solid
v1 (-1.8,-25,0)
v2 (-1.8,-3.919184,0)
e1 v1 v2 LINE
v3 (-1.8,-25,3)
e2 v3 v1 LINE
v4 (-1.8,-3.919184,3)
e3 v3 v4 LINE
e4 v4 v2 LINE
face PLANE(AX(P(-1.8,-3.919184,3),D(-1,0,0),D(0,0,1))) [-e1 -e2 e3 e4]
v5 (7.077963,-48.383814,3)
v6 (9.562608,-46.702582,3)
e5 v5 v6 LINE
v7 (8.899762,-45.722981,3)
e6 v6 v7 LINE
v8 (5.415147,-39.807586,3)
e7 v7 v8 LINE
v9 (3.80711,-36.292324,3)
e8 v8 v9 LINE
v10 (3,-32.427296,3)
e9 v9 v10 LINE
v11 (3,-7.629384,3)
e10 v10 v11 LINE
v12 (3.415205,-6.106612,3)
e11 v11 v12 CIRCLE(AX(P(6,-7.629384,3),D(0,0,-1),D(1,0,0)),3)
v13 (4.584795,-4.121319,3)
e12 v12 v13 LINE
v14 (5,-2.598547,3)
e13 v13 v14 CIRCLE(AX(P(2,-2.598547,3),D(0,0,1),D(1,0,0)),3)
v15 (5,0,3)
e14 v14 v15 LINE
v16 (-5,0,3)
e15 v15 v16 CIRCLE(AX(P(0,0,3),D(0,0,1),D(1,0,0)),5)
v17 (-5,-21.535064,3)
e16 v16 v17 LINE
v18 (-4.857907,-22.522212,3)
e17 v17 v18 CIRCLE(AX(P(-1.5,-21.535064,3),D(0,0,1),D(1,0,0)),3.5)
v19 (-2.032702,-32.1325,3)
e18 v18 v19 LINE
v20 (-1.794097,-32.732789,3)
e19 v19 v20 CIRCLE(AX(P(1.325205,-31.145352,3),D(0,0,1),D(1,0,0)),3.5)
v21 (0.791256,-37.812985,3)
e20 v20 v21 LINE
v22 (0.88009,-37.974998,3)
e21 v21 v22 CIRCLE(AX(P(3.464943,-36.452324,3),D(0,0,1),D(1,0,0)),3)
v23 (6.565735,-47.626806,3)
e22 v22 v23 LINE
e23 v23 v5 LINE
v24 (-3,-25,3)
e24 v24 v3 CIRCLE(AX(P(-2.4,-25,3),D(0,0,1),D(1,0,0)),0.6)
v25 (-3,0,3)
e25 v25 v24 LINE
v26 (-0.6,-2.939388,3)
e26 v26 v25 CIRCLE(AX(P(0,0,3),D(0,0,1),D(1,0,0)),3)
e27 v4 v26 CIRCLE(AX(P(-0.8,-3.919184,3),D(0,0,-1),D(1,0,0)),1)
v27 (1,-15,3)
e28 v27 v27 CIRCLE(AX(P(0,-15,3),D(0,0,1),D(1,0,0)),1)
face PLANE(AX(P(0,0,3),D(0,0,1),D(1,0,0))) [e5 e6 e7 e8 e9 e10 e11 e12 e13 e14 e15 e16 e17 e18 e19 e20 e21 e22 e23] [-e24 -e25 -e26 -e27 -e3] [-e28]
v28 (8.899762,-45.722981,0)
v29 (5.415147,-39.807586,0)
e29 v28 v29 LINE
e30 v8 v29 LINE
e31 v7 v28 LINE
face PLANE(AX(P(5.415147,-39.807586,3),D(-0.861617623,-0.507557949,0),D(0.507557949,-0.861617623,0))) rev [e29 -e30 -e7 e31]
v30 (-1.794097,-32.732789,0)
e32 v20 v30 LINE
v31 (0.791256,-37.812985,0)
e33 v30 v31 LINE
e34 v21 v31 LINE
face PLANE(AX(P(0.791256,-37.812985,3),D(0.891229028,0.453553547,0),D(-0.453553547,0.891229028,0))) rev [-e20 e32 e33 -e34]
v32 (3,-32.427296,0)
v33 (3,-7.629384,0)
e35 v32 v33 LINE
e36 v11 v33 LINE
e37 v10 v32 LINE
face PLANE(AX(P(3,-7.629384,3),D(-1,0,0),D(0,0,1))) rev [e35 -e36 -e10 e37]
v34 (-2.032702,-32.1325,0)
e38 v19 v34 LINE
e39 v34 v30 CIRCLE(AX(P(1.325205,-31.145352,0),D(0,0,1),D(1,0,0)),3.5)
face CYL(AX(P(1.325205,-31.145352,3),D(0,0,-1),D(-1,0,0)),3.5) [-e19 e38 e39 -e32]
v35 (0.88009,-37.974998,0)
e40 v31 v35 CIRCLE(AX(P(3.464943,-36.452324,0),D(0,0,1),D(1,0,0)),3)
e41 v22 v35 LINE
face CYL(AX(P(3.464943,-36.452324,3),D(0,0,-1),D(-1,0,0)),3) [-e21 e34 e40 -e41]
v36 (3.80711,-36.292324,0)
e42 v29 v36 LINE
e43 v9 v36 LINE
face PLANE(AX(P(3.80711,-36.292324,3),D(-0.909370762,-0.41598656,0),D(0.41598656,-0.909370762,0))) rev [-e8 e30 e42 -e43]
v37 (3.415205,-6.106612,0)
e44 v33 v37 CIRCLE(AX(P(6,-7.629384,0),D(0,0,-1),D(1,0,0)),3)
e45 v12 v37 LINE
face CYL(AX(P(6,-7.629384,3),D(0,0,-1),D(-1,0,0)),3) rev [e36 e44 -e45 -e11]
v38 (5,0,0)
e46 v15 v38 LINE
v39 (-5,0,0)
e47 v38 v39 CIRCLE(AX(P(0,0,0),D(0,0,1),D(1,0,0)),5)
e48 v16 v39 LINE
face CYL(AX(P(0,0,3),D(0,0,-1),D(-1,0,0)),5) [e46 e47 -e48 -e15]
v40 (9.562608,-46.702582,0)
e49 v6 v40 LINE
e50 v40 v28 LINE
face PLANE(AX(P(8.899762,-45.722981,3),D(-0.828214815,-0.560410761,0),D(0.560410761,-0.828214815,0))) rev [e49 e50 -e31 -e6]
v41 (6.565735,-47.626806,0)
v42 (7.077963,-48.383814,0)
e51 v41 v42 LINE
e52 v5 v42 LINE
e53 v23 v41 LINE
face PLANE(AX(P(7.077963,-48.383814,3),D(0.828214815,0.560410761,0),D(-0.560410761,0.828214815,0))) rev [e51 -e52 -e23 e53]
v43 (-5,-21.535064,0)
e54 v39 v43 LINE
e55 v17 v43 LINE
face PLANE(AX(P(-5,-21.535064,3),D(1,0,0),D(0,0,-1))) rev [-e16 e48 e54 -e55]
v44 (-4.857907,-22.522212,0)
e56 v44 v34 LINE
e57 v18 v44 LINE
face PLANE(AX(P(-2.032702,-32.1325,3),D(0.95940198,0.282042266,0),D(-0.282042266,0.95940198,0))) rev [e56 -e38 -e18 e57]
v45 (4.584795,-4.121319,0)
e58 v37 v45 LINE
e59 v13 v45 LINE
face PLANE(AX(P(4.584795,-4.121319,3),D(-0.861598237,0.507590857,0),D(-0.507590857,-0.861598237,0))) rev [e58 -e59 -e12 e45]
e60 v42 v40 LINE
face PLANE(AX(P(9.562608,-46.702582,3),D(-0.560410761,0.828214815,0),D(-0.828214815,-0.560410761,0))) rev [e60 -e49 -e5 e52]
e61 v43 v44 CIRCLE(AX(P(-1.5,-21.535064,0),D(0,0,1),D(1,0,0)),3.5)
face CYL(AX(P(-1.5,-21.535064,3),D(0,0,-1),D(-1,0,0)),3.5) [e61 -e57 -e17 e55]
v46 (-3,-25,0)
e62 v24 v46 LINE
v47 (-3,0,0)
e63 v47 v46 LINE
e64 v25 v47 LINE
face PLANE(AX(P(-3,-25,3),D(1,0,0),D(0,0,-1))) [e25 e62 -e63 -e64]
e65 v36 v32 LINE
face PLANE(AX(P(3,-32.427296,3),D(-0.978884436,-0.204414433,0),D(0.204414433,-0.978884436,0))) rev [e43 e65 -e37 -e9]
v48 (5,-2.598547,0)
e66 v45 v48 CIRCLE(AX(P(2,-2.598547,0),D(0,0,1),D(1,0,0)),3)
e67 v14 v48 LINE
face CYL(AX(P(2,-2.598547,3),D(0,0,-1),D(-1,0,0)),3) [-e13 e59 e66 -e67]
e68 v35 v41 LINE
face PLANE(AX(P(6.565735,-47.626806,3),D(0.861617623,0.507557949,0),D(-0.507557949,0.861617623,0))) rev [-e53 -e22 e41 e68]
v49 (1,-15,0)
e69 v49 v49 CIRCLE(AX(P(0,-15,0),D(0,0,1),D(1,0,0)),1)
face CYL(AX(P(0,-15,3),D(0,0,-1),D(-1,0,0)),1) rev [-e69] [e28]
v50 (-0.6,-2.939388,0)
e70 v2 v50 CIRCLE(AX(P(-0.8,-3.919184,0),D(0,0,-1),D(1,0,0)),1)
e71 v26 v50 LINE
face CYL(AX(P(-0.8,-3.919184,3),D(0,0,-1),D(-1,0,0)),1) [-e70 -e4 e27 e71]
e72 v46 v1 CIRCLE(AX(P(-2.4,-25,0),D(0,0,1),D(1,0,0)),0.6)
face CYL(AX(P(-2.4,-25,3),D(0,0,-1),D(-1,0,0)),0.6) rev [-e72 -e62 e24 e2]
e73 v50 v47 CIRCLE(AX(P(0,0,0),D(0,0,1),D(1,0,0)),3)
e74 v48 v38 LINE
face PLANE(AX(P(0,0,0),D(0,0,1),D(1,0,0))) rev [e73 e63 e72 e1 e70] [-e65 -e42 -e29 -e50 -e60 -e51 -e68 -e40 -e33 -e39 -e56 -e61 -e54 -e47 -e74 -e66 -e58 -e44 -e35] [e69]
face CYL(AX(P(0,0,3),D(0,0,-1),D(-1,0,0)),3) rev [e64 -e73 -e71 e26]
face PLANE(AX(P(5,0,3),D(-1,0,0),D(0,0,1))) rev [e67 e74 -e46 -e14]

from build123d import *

# Parameters (mm, degrees)
SKETCH_1_R      = 1
EXTRUDE_1_DEPTH = 3


with BuildPart() as part:
    # 草图1 → 凸台-拉伸1 (new body)
    with BuildSketch(Plane.XY):
        with BuildLine():
            Line((5, 0), (5, -2.598546895))
            ThreePointArc((5, -2.598546895), (4.894337932, -3.387728708), (4.584794711, -4.121319466))
            Line((4.584794711, -4.121319466), (3.415205289, -6.106611695))
            ThreePointArc((3.415205289, -6.106611695), (3.105662068, -6.840202453), (3, -7.629384266))
            Line((3, -7.629384266), (3, -32.42729606))
            Line((3, -32.42729606), (3.807110108, -36.292324141))
            Line((3.807110108, -36.292324141), (5.41514713, -39.807586397))
            Line((5.41514713, -39.807586397), (8.899761864, -45.72298083))
            Line((8.899761864, -45.72298083), (9.562607856, -46.702581702))
            Line((9.562607856, -46.702581702), (7.077963413, -48.383813985))
            Line((7.077963413, -48.383813985), (6.565734565, -47.626805824))
            Line((6.565734565, -47.626805824), (0.880089764, -37.974998041))
            ThreePointArc((0.880089764, -37.974998041), (0.834425065, -37.894675513), (0.79125555, -37.812984837))
            Line((0.79125555, -37.812984837), (-1.794096527, -32.732789057))
            ThreePointArc((-1.794096527, -32.732789057), (-1.927277743, -32.438160812), (-2.032701862, -32.132499572))
            Line((-2.032701862, -32.132499572), (-4.857906932, -22.522211807))
            ThreePointArc((-4.857906932, -22.522211807), (-4.964294608, -22.033724953), (-5, -21.535063876))
            Line((-5, -21.535063876), (-5, 0))
            ThreePointArc((-5, 0), (0, 5), (5, 0))
        make_face()
        with Locations((0, -15)):
            Circle(SKETCH_1_R, mode=Mode.SUBTRACT)
        with BuildLine():
            Line((-3, -25), (-3, 0))
            ThreePointArc((-3, 0), (2.323790008, 1.897366596), (-0.6, -2.939387691))
            ThreePointArc((-0.6, -2.939387691), (-1.432455532, -3.144586919), (-1.8, -3.919183588))
            Line((-1.8, -3.919183588), (-1.8, -25))
            ThreePointArc((-1.8, -25), (-2.4, -25.6), (-3, -25))
        make_face(mode=Mode.SUBTRACT)
    extrude(amount=EXTRUDE_1_DEPTH)


solid = part.part
